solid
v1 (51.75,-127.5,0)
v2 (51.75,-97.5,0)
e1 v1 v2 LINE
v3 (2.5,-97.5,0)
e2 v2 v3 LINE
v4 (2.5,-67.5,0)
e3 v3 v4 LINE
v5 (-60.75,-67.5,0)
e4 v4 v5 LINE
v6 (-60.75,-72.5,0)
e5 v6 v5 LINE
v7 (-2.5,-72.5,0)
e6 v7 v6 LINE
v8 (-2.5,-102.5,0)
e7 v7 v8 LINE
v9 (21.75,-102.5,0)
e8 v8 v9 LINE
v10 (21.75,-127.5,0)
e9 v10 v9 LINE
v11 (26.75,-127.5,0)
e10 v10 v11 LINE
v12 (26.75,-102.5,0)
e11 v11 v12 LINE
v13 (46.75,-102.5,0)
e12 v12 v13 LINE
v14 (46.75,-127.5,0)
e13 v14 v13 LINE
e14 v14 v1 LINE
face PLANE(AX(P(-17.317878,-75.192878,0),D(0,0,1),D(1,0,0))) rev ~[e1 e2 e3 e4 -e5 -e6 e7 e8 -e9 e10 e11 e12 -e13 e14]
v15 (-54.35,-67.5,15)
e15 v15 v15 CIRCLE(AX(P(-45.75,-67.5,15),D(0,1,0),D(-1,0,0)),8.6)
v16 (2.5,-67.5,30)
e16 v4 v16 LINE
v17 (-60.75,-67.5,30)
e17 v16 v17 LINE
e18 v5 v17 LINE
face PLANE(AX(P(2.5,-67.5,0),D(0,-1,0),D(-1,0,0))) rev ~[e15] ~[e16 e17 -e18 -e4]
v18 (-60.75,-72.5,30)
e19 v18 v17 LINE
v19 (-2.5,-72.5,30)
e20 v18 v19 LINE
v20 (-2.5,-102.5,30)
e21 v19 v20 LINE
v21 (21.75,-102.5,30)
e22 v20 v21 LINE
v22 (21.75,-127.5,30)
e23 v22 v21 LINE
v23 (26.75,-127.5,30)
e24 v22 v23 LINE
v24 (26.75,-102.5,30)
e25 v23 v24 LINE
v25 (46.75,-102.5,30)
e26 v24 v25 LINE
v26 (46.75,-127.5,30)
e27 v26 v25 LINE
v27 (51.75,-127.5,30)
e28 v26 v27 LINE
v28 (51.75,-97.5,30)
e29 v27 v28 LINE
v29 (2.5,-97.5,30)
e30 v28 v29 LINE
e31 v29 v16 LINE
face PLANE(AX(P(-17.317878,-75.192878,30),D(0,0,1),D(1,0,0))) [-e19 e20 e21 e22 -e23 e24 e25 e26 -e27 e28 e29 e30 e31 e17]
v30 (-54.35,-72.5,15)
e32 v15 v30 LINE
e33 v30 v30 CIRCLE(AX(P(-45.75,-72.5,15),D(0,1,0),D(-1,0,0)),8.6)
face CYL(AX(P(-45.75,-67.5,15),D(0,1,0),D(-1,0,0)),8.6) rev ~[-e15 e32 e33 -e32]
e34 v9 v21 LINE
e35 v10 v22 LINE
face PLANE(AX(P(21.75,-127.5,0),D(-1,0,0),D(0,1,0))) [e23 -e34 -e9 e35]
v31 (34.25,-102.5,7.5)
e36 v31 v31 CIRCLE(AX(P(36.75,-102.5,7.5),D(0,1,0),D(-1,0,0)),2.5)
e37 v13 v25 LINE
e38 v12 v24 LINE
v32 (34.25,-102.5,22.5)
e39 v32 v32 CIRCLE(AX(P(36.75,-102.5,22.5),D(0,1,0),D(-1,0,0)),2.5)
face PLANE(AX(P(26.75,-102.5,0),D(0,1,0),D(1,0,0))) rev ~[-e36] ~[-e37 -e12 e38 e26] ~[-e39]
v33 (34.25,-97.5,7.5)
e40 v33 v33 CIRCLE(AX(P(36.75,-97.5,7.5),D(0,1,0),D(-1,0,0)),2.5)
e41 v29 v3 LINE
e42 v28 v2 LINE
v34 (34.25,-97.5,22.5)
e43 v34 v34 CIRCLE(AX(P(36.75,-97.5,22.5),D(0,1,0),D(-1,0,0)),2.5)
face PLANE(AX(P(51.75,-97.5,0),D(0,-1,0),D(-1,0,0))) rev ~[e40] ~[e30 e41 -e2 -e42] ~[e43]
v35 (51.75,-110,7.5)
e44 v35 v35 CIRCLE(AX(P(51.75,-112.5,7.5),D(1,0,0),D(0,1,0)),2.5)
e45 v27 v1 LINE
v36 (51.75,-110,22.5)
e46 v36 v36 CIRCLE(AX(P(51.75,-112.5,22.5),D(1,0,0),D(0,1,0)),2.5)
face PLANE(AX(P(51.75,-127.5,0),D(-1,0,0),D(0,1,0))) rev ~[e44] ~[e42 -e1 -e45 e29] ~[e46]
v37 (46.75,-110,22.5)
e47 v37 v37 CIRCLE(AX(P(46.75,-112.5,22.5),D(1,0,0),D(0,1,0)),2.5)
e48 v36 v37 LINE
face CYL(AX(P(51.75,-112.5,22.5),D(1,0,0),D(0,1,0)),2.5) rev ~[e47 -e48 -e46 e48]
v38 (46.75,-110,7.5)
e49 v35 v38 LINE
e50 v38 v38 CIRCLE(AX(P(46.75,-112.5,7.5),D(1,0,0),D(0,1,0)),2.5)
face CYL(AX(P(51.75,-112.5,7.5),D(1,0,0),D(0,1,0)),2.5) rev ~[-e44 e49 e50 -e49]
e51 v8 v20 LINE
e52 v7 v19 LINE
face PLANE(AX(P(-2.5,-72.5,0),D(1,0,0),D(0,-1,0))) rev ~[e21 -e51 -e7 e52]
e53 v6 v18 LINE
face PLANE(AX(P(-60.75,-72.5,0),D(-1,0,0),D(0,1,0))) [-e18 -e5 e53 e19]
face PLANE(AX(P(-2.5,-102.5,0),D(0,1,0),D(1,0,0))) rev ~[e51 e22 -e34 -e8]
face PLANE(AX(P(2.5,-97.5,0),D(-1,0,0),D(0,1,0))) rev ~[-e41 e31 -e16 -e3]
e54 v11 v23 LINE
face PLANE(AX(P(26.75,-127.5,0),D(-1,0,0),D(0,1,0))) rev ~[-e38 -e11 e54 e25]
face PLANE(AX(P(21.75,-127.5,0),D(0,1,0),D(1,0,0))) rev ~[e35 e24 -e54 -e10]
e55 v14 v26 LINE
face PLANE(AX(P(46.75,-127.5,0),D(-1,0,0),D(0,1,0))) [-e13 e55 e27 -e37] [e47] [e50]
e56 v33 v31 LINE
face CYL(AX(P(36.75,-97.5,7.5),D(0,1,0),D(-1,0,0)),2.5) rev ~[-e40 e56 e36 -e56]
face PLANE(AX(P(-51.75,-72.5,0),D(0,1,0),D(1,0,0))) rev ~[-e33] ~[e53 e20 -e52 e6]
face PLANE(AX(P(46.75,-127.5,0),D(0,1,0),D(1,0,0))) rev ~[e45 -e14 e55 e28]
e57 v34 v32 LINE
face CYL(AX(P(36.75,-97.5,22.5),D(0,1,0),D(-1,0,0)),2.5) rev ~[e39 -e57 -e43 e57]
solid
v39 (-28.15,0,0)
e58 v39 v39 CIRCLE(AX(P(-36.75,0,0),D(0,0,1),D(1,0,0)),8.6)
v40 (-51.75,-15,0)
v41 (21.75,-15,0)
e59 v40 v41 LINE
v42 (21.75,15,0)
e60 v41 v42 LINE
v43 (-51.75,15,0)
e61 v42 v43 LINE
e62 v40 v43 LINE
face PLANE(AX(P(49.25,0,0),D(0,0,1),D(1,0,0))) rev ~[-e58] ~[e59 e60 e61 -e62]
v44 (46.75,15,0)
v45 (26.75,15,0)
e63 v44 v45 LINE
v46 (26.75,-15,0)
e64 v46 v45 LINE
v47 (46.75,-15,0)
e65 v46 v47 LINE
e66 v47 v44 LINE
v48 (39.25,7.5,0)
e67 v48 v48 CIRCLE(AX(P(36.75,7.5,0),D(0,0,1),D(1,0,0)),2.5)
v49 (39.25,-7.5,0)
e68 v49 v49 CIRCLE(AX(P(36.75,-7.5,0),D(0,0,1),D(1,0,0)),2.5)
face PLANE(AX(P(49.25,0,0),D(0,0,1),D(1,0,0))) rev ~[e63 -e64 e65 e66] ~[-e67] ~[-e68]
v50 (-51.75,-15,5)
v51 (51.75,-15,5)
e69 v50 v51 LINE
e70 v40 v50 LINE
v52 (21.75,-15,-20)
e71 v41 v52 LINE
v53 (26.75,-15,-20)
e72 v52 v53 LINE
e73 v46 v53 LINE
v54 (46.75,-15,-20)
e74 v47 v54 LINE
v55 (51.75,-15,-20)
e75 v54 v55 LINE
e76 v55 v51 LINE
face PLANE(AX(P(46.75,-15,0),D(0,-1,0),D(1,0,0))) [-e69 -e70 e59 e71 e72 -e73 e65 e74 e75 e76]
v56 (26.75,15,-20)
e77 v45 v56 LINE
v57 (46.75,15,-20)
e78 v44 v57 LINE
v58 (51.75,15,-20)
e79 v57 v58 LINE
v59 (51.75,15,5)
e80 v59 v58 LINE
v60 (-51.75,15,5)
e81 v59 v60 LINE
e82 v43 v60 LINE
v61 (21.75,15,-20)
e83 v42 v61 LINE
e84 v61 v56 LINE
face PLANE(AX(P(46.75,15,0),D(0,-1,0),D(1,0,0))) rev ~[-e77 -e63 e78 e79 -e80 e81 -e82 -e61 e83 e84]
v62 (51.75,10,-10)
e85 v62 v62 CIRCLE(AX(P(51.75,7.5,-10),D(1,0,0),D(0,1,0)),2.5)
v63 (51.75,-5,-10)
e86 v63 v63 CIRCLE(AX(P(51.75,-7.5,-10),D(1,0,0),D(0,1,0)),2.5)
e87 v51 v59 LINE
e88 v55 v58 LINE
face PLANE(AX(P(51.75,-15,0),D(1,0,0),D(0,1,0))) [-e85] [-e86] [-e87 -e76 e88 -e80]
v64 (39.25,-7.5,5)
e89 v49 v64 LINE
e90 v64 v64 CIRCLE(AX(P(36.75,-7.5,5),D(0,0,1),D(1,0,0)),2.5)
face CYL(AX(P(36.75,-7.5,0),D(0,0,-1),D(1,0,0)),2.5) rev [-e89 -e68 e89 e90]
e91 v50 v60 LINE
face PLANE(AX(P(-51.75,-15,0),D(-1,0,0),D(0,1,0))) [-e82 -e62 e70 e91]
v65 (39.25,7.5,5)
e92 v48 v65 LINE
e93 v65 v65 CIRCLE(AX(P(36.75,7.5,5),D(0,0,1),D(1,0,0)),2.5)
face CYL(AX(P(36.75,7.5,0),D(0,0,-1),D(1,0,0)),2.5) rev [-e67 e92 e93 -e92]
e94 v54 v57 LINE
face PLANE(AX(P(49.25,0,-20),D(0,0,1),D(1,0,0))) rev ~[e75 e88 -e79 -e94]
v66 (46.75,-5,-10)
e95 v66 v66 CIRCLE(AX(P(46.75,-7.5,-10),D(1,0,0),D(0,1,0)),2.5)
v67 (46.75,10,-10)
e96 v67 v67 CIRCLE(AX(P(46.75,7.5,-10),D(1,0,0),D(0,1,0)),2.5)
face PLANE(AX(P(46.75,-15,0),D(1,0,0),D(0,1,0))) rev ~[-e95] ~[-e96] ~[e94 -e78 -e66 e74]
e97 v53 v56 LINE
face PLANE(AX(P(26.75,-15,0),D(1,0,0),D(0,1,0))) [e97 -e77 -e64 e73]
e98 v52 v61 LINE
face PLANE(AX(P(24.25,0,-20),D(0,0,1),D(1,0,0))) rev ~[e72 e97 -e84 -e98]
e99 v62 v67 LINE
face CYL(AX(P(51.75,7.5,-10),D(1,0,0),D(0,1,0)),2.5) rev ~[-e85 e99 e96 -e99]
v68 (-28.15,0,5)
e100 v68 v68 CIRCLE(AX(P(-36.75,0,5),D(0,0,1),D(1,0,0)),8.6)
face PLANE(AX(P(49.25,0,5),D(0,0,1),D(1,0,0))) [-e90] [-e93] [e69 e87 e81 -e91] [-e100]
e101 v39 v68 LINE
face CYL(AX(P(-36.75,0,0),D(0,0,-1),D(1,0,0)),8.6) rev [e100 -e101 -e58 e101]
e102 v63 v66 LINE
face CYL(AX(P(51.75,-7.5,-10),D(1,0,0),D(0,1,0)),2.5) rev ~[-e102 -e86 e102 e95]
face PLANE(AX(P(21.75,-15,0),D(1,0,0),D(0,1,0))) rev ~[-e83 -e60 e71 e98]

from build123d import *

# Parameters (mm, degrees)
F0_W      = 5
F0_H      = 30
F0_H_2    = 25
F0_W_2    = 73.5
F0_R      = 8.6
F0_W_3    = 20
F0_R_2    = 2.5
F1_DEPTH  = 5
F2_DEPTH  = 20
F3_R      = 2.5
F4_DEPTH  = 10
F0_W_4    = 9
F0_H_3    = 5
F5_DEPTH  = 30
F6_R      = 8.6
F7_DEPTH  = 5
F8_R      = 2.5
F9_DEPTH  = 5
F10_R     = 2.5
F11_DEPTH = 5


with BuildPart() as f1:
    # F0 (on Top) → F1 (new body)
    with BuildSketch(Plane.XY):
        with Locations((49.25, 0)):
            Rectangle(F0_W, F0_H)
        Polygon((-2.5, -97.5), (2.5, -97.5), (2.5, -67.5), (-51.75, -67.5), (-51.75, -72.5), (-2.5, -72.5), align=None)
        with Locations((49.25, -115)):
            Rectangle(F0_W, F0_H_2)
        with Locations((24.25, -115)):
            Rectangle(F0_W, F0_H_2)
        with Locations((24.25, 0)):
            Rectangle(F0_W, F0_H)
        with Locations((-15, 0)):
            Rectangle(F0_W_2, F0_H)
        with Locations((-36.75, 0)):
            Circle(F0_R, mode=Mode.SUBTRACT)
        with Locations((36.75, 0)):
            Rectangle(F0_W_3, F0_H)
        with Locations((36.75, -7.5)):
            Circle(F0_R_2, mode=Mode.SUBTRACT)
        with Locations((36.75, 7.5)):
            Circle(F0_R_2, mode=Mode.SUBTRACT)
        Polygon((51.75, -102.5), (51.75, -97.5), (2.5, -97.5), (-2.5, -97.5), (-2.5, -102.5), (21.75, -102.5), (26.75, -102.5), (46.75, -102.5), align=None)
    extrude(amount=F1_DEPTH)

    # F0 (on Top) → F2 (join)
    with BuildSketch(Plane.XY):
        with Locations((24.25, 0)):
            Rectangle(F0_W, F0_H)
        with Locations((49.25, 0)):
            Rectangle(F0_W, F0_H)
    extrude(amount=-F2_DEPTH)

    # F3 (on face) → F4 (cut)
    with BuildSketch(Plane.YZ.offset(51.75)):
        with Locations((-7.5, -10)):
            Circle(F3_R)
        with Locations((7.5, -10)):
            Circle(F3_R)
    extrude(amount=-F4_DEPTH, mode=Mode.SUBTRACT)

    # F0 (on Top) → F5 (join)
    with BuildSketch(Plane.XY):
        Polygon((-2.5, -97.5), (2.5, -97.5), (2.5, -67.5), (-51.75, -67.5), (-51.75, -72.5), (-2.5, -72.5), align=None)
        Polygon((51.75, -102.5), (51.75, -97.5), (2.5, -97.5), (-2.5, -97.5), (-2.5, -102.5), (21.75, -102.5), (26.75, -102.5), (46.75, -102.5), align=None)
        with Locations((24.25, -115)):
            Rectangle(F0_W, F0_H_2)
        with Locations((49.25, -115)):
            Rectangle(F0_W, F0_H_2)
        with Locations((-56.25, -70)):
            Rectangle(F0_W_4, F0_H_3)
    extrude(amount=F5_DEPTH)

    # F6 (on face) → F7 (cut)
    with BuildSketch(Plane(origin=(0, -67.5, 0), x_dir=(-1, 0, 0), z_dir=(0, 1, 0))):
        with Locations((45.75, 15)):
            Circle(F6_R)
    extrude(amount=-F7_DEPTH, mode=Mode.SUBTRACT)

    # F8 (on face) → F9 (cut)
    with BuildSketch(Plane(origin=(0, -97.5, 0), x_dir=(-1, 0, 0), z_dir=(0, 1, 0))):
        with Locations((-36.75, 7.5)):
            Circle(F8_R)
        with Locations((-36.75, 22.5)):
            Circle(F8_R)
    extrude(amount=-F9_DEPTH, mode=Mode.SUBTRACT)

    # F10 (on face) → F11 (cut)
    with BuildSketch(Plane.YZ.offset(51.75)):
        with Locations((-112.5, 22.5)):
            Circle(F10_R)
        with Locations((-112.5, 7.5)):
            Circle(F10_R)
    extrude(amount=-F11_DEPTH, mode=Mode.SUBTRACT)


solid = f1.part
